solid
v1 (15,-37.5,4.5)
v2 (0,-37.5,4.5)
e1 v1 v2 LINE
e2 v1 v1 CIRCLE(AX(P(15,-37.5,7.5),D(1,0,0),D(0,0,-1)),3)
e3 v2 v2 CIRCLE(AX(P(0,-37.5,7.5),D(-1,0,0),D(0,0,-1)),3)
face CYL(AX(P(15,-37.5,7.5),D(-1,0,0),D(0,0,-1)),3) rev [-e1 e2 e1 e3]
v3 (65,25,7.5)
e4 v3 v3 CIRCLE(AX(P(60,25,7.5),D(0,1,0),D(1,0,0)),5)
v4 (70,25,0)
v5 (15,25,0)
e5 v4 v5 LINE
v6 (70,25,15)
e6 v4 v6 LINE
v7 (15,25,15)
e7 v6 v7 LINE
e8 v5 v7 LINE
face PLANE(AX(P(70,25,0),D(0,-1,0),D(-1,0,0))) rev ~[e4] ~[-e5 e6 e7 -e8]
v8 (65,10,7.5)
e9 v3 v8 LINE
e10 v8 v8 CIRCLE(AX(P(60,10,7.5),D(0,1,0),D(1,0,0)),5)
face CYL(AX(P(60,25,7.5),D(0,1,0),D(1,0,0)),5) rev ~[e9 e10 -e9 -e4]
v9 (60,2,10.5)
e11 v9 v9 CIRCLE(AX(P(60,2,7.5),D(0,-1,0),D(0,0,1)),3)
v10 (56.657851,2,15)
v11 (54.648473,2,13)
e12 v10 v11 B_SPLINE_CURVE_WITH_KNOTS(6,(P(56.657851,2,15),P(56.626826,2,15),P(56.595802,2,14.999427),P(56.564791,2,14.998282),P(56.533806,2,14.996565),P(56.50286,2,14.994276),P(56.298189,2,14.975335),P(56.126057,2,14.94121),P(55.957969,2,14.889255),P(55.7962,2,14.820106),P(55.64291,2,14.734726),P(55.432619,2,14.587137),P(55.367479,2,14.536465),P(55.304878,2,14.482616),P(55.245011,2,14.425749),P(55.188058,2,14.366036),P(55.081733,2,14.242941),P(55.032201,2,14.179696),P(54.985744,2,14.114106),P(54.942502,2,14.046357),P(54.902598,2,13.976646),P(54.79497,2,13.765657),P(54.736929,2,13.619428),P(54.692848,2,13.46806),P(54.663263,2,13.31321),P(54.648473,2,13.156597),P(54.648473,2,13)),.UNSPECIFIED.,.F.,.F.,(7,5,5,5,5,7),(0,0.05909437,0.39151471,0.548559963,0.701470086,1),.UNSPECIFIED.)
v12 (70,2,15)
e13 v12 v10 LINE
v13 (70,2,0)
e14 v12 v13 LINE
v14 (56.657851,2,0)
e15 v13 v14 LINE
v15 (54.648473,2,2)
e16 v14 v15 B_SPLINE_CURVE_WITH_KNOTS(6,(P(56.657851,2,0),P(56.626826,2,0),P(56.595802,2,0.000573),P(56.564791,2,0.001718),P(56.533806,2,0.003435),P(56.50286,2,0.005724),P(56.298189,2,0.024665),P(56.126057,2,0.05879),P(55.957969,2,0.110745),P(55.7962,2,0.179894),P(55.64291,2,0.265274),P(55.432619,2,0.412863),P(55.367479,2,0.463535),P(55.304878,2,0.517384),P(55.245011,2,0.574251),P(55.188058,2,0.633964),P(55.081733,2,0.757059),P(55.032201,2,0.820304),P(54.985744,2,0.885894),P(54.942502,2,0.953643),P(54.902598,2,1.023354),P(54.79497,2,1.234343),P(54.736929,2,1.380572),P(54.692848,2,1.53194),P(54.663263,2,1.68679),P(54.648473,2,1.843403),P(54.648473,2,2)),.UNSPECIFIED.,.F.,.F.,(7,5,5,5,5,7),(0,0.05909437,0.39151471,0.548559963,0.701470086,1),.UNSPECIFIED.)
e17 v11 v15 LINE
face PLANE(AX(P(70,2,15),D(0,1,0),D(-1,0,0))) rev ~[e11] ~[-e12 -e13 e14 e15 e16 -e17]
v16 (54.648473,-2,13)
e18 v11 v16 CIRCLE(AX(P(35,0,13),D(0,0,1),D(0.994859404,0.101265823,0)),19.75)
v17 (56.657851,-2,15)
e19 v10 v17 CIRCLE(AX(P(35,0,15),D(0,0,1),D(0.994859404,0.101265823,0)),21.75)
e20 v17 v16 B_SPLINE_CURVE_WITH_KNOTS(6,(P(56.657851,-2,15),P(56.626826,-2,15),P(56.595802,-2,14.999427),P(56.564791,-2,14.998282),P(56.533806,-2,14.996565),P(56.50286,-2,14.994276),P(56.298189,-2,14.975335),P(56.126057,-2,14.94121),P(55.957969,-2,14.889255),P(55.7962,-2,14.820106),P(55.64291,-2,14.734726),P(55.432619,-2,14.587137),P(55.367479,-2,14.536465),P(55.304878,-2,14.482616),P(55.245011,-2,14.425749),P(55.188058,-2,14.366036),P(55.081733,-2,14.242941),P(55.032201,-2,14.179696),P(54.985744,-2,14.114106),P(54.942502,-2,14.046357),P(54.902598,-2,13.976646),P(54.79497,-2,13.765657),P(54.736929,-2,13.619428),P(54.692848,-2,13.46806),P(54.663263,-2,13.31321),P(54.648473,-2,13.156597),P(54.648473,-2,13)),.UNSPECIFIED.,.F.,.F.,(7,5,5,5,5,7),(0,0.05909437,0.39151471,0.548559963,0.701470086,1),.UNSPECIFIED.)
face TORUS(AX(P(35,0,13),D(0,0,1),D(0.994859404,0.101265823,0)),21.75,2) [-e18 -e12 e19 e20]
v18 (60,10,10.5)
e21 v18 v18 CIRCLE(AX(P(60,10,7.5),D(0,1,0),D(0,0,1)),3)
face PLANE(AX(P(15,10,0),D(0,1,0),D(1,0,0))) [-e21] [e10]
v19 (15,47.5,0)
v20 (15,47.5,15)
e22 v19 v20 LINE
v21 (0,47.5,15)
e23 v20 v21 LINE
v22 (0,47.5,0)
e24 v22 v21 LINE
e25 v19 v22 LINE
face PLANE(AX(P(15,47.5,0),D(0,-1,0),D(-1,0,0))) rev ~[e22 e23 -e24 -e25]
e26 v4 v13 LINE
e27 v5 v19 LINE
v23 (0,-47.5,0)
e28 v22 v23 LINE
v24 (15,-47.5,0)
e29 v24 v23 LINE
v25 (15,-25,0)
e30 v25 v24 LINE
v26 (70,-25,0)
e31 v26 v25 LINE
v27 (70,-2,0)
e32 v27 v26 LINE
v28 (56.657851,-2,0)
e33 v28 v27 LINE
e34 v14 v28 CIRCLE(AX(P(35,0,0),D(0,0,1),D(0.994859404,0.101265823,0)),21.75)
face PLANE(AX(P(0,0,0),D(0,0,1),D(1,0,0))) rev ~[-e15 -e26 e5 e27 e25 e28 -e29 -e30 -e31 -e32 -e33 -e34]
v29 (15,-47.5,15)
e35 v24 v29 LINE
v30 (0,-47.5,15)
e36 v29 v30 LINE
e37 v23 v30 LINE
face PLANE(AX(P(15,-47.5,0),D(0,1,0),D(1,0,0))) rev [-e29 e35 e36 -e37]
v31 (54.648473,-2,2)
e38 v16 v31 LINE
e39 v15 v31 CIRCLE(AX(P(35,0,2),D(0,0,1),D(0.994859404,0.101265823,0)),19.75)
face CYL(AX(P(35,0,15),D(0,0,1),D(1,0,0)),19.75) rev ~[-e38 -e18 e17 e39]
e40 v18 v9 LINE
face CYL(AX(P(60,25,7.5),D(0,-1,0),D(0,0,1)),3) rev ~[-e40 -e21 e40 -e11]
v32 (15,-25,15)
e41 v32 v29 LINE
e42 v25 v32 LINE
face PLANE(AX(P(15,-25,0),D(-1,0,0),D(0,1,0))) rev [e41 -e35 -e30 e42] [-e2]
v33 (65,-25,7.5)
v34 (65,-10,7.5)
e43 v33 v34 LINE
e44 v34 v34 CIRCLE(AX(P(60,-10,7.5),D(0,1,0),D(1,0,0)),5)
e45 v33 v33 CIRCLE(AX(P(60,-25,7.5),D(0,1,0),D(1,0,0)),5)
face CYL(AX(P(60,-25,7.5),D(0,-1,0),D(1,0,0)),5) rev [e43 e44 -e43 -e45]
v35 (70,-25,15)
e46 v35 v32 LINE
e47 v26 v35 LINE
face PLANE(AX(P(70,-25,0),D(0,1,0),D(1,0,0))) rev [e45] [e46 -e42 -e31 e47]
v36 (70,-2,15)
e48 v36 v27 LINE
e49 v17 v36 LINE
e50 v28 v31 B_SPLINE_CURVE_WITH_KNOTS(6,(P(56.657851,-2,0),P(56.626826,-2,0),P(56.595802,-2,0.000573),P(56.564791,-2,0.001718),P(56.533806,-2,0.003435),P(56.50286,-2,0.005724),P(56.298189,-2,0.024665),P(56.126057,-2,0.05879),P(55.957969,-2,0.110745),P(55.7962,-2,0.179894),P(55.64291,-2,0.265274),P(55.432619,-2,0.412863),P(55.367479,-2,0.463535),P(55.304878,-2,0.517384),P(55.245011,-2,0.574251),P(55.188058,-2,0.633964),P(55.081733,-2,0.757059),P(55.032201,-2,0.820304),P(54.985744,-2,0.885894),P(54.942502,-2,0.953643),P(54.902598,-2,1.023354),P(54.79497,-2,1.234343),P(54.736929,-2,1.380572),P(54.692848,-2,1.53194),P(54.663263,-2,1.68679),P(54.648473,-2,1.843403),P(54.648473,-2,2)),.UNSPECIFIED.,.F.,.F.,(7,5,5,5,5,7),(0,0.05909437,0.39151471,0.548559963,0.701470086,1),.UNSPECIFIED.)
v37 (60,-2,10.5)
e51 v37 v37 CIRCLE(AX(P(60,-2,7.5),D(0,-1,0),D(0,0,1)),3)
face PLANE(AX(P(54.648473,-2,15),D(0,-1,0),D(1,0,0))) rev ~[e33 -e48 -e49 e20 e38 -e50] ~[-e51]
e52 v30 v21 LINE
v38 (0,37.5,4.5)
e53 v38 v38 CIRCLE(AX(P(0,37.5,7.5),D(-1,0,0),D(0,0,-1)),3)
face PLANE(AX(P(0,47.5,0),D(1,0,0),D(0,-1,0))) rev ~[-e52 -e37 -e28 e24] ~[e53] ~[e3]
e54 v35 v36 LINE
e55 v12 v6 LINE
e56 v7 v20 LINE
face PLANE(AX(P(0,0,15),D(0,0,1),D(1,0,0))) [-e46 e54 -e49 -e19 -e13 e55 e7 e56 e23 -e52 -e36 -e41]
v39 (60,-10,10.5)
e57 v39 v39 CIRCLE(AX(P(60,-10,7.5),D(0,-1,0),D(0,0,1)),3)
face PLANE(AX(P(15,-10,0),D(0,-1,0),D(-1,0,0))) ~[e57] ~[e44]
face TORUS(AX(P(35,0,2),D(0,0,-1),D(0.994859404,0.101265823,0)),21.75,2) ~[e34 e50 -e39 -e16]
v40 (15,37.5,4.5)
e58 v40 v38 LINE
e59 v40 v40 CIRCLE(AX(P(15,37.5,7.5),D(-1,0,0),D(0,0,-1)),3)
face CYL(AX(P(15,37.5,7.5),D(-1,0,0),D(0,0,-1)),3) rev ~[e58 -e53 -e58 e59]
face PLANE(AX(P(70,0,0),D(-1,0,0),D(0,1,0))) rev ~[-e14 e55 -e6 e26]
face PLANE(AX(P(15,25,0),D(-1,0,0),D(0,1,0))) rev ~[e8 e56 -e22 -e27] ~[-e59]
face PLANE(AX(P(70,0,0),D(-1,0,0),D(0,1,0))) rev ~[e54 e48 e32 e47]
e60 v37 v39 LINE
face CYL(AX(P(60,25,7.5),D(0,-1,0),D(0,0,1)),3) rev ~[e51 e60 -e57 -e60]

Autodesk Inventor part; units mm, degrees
ref_plane "YZ Plane" through (0, 0, 0) normal (1, 0, 0) x (0, 1, 0)
ref_plane "XZ Plane" through (0, 0, 0) normal (0, 1, 0) x (-1, 0, 0)
ref_plane "XY Plane" through (0, 0, 0) normal (0, 0, 1) x (1, 0, 0)
sketch "Sketch1" plane through (0, 0, 0) normal (0, 0, 1) x (1, 0, 0)
  line L0 (0, 0) -> (70, 0)
  line L1 (70, 0) -> (70, 25)
  line L2 (70, 25) -> (15, 25)
  line L3 (15, 25) -> (15, 47.5)
  line L4 (15, 47.5) -> (0, 47.5)
  line L5 (0, 47.5) -> (0, 0)
  point P0 (15, 36.25)
  point P1 (7.5, 47.5)
  dimension "d0" = 15
  dimension "d1" = 25
  dimension "d2" = 47.5
  dimension "d24" = 55
extrude "Extrusion1" add sketch "Sketch1" along normal blind 15
mirror "Mirror1" about plane through (0, 0, 0) normal (0, 1, 0) of "Extrusion1"
sketch "Sketch2" plane through (0, 0, 15) normal (0, 0, 1) x (1, 0, 0)
  circle A0 centre (35, 0) radius 19.75
  line L0 (-14, 0) -> (84, 0) projected
  line L1 (70, 25) -> (70, -25) projected
  line L2 (70, 2) -> (35, 2)
  line L3 (35, 2) -> (35, -2)
  line L4 (35, -2) -> (70, -2)
  line L5 (70, -2) -> (70, 2)
  point P0 (0, 0)
  point P1 (52.5, 2)
  point P2 (54.6485, 2)
  point P3 (54.6485, -2)
  dimension "d6" = 39.5
  dimension "d7" = 35
  dimension "d8" = 4
  dimension "d9" = 2
extrude "Extrusion2" cut sketch "Sketch2" against normal through all
sketch "Sketch3" plane through (15, 25, 0) normal (0, 1, 0) x (1, 0, 0)
  line L0 (55, 0) -> (0, 0) projected
  line L1 (55, 0) -> (55, -15) projected
  point P0 (-15, 0)
  point P1 (45, -7.5)
  dimension "d12" = 7.5
  dimension "d13" = 10
hole "Hole1" at (60, 25, 7.5) direction (0, -1, 0) diameter 6 end through all
sketch "Sketch4" plane through (15, 25, 0) normal (0, 1, 0) x (1, 0, 0)
  circle A0 centre (45, -7.5) radius 3 projected
  circle A1 centre (45, -7.5) radius 5
  point P0 (-15, 0)
  dimension "d21" = 10
extrude "Extrusion3" cut sketch "Sketch4" against normal blind 15
mirror "Mirror2" about plane through (0, 0, 0) normal (0, 1, 0) of "Extrusion3"
sketch "Sketch5" plane through (15, 25, 0) normal (1, 0, 0) x (0, 0, -1)
  line L0 (0, 0) -> (0, 22.5) projected
  line L1 (0, 22.5) -> (-15, 22.5) projected
  point P0 (0, -25)
  point P1 (-7.5, 12.5)
  point P2 (0, 11.25)
  dimension "d26" = 7.5
  dimension "d34" = 10
hole "Hole2" at (15, 37.5, 7.5) direction (-1, 0, 0) diameter 6 end through all
mirror "Mirror3" about plane through (0, 0, 0) normal (0, 1, 0) of "Hole2"
fillet "Fillet1" radius 2 2 edges at (15.25, 0, 15) (15.25, 0, 0)
equation "\"d9\" = 0.5 * d8"
properties part number "Magazine_Holder_3DPrint"
